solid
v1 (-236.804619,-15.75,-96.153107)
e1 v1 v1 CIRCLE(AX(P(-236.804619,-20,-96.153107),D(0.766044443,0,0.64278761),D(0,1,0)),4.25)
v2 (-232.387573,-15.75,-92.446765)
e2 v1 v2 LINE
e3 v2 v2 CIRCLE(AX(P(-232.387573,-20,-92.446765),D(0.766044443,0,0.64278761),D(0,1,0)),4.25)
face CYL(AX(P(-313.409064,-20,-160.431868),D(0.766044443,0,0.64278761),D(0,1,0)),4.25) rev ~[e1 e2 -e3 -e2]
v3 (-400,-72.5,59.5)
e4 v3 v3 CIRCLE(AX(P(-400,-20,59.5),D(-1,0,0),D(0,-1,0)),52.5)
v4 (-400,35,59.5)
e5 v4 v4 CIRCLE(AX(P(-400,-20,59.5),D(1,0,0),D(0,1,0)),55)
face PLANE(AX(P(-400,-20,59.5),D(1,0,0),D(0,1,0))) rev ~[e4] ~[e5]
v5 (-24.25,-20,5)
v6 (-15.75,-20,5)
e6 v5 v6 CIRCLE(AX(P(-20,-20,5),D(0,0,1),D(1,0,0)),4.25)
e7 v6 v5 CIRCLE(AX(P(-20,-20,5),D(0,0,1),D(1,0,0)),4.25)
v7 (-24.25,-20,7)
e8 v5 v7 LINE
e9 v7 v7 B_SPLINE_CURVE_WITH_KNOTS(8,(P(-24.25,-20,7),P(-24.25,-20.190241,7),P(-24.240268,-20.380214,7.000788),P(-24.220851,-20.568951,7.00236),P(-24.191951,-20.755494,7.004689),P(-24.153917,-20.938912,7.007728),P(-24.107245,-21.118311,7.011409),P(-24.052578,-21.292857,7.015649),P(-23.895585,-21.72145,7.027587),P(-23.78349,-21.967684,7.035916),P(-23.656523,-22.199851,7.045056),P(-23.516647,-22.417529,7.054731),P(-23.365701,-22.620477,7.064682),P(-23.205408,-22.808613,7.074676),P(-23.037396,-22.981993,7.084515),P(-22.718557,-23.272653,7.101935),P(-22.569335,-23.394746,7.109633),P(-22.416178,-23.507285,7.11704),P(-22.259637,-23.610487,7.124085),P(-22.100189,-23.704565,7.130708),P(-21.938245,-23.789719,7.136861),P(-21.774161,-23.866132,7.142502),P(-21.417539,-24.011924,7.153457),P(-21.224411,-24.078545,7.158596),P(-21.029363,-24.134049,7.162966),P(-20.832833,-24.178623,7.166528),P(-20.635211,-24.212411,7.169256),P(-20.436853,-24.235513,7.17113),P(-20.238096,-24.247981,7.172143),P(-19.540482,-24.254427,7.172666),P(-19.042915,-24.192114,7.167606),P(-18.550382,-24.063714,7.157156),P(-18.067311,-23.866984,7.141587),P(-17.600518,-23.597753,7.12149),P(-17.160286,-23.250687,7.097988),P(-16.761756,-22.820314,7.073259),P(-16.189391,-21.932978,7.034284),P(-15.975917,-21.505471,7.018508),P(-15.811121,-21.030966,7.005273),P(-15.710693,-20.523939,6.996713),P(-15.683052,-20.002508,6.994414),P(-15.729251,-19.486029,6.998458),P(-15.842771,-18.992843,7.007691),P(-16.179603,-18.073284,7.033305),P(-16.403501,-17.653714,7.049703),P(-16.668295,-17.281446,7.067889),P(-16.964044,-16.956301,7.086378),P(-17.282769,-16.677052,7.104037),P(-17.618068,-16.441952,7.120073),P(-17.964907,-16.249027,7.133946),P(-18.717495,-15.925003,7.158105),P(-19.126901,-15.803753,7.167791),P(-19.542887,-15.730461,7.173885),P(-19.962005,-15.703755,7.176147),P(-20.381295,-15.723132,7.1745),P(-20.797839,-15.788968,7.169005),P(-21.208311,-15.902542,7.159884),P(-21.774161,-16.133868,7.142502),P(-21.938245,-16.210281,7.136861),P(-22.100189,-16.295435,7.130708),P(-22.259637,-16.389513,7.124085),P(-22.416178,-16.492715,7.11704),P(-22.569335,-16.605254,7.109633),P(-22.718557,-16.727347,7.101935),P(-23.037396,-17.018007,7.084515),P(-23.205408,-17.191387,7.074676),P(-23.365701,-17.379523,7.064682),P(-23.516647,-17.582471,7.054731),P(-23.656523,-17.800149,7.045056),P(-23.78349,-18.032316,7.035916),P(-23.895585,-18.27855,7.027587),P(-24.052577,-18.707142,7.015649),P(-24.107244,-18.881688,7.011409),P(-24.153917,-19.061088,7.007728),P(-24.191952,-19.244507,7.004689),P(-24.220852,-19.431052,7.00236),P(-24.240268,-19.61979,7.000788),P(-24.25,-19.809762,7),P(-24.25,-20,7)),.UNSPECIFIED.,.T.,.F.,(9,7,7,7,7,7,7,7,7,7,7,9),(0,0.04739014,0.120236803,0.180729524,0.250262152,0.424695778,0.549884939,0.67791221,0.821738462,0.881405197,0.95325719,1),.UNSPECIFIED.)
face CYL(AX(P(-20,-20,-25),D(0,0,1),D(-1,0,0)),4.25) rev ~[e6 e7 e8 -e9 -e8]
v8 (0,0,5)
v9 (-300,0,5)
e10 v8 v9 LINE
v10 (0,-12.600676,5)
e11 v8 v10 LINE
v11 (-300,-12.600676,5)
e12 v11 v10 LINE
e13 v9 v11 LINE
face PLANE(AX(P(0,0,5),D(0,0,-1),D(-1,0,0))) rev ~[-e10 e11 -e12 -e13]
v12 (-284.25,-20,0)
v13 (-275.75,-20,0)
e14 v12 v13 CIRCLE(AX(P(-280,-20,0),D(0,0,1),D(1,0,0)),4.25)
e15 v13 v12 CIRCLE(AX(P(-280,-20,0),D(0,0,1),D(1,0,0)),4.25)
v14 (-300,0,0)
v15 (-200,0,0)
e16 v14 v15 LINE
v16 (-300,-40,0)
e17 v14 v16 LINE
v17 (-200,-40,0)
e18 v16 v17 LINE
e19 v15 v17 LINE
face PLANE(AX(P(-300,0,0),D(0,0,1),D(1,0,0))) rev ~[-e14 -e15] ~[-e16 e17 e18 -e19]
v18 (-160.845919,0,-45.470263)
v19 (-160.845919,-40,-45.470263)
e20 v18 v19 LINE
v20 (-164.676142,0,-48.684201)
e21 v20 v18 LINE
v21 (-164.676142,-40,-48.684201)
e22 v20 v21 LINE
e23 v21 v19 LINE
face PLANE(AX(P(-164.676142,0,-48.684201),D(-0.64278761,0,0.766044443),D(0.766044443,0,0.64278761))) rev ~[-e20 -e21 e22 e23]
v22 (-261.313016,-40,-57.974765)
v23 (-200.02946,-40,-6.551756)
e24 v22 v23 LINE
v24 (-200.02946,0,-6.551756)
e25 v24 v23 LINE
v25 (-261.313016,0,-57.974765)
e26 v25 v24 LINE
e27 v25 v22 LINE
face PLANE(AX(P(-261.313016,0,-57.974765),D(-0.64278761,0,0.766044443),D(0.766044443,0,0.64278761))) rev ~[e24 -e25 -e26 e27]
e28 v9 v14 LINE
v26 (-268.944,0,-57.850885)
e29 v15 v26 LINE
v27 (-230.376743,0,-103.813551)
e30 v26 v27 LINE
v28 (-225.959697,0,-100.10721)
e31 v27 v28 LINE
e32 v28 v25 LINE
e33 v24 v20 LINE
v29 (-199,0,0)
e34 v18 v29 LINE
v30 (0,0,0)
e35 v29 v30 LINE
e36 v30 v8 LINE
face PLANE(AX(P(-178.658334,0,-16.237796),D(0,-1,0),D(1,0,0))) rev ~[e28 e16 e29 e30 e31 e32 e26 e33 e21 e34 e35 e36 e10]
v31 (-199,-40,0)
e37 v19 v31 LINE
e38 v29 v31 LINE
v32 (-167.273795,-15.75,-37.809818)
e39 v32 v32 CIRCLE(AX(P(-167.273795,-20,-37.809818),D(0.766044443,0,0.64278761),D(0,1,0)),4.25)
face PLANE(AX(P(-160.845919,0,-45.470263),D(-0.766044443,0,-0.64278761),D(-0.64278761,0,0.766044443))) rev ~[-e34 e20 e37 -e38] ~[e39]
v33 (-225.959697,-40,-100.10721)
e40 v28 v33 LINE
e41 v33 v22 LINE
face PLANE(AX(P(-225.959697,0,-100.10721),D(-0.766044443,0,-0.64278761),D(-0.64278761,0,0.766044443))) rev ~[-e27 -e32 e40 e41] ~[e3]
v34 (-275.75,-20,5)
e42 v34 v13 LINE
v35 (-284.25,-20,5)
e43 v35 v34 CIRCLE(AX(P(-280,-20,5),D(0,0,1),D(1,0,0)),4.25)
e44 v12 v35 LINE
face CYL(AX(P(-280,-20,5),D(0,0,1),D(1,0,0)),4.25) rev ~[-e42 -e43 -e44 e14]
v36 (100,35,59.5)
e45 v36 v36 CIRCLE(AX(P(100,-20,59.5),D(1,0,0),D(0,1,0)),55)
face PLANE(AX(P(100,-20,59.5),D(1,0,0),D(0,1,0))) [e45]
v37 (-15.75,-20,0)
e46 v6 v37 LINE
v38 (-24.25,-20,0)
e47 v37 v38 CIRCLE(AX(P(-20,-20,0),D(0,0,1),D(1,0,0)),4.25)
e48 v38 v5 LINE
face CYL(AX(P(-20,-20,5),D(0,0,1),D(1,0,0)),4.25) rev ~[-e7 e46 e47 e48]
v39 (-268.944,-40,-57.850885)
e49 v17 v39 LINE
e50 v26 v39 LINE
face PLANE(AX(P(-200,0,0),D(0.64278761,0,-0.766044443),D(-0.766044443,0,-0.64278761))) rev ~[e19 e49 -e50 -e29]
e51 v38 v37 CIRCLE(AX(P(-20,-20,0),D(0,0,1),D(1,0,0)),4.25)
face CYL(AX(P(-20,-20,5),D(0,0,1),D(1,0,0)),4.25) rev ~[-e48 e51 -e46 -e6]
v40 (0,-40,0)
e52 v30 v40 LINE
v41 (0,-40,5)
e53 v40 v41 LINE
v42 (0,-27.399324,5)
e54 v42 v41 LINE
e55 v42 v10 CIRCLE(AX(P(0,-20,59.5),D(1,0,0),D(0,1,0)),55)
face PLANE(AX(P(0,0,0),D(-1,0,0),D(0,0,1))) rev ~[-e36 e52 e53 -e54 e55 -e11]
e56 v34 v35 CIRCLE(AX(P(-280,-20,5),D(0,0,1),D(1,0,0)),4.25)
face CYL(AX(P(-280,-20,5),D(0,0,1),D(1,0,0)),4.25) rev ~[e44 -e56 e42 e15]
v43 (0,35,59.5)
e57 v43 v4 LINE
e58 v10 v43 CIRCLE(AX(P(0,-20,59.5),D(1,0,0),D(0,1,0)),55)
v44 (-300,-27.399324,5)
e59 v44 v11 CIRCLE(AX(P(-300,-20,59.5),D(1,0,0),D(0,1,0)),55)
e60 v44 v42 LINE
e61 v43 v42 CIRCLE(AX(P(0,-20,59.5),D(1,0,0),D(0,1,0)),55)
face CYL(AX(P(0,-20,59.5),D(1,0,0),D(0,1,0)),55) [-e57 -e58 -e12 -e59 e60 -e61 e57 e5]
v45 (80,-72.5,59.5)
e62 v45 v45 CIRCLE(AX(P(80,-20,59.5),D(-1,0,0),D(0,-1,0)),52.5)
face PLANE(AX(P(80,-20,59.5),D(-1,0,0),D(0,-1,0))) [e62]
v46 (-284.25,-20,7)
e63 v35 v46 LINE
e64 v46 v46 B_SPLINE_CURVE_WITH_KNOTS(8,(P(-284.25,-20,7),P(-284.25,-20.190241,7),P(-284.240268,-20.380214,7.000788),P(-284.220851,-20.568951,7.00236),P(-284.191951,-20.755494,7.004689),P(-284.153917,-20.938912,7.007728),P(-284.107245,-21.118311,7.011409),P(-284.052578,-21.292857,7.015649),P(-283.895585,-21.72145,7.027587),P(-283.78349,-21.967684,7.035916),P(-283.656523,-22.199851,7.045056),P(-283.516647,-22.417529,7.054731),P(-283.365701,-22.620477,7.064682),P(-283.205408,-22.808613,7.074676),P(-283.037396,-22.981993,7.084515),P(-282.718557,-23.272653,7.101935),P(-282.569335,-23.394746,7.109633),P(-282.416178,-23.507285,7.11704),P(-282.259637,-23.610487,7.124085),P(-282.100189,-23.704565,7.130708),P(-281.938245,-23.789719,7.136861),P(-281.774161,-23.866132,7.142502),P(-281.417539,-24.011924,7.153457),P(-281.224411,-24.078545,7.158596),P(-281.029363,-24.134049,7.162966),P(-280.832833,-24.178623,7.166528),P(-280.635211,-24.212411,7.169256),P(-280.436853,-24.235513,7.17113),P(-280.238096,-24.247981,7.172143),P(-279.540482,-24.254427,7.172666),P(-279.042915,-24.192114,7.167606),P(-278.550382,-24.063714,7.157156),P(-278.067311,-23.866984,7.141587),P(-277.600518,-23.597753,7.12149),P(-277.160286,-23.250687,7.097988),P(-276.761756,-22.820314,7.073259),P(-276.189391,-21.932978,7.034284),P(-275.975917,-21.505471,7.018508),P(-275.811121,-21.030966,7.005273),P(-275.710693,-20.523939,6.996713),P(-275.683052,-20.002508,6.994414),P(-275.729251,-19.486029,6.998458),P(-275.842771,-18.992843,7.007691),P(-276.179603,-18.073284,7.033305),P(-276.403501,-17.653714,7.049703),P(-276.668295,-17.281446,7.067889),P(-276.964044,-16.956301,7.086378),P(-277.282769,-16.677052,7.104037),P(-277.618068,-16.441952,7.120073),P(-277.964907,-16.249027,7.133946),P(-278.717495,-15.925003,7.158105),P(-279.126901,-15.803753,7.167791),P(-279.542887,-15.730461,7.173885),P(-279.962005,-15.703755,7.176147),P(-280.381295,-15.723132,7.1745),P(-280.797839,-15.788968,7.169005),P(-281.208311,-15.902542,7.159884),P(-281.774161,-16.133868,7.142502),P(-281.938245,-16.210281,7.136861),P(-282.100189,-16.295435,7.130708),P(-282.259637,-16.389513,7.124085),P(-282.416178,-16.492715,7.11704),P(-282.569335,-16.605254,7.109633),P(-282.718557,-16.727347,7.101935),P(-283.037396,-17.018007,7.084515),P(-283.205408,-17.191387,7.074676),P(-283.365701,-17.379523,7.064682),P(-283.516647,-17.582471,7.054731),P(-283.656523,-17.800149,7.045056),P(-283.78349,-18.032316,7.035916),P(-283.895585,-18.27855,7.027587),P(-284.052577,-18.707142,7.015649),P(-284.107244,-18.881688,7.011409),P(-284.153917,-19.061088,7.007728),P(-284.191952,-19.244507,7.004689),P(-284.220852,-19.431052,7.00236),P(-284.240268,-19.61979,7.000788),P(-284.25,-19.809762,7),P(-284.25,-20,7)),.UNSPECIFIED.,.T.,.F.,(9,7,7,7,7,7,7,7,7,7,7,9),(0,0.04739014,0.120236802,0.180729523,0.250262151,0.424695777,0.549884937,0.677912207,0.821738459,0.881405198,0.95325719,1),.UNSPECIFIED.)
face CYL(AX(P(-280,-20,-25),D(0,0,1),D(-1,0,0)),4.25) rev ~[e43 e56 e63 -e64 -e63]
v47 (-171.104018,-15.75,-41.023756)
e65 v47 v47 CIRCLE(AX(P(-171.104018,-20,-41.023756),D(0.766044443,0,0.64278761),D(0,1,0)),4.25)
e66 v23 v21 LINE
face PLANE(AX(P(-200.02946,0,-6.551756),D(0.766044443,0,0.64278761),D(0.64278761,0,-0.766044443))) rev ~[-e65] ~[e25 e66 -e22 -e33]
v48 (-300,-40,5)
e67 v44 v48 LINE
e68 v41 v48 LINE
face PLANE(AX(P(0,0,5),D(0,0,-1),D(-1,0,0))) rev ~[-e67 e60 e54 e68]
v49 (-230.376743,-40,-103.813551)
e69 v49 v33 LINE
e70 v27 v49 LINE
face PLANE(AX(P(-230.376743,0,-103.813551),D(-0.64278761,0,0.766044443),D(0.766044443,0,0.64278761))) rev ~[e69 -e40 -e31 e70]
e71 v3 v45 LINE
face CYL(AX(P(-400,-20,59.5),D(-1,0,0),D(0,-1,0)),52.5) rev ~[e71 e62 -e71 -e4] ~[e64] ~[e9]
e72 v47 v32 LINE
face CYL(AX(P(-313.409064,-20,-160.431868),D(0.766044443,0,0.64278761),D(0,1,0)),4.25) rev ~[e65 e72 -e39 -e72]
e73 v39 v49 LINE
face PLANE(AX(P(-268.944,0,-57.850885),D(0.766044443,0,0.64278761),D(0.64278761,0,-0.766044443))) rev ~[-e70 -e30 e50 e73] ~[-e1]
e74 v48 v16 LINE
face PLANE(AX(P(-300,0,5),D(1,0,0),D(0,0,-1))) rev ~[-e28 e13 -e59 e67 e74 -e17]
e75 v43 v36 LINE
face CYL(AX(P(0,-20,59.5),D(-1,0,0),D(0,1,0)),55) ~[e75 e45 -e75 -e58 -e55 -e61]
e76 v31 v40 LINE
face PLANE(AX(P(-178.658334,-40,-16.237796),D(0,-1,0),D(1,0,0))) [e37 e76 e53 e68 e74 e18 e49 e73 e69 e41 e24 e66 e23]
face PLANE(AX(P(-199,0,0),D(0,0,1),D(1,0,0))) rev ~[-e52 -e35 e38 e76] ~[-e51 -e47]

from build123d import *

# Parameters (mm, degrees)
F1_DEPTH      = 40
F4_D          = 8.5
F4_DEPTH      = 100
F4_TIP        = 2.5536576309
F5_R          = 55
F6_DEPTH      = 100
F6_DEPTH_BACK = 400
F7_R          = 52.5
F8_DEPTH      = 480
F9_D          = 8.5
F9_DEPTH      = 30
F9_TIP        = 2.5536576309
F10_D         = 8.5
F10_DEPTH     = 30
F10_TIP       = 2.5536576309


with BuildPart() as f1:
    # F0 (on Front) → F1 (new body)
    with BuildSketch(Plane.XZ):
        Polygon((-199, 0), (0, 0), (0, 5), (-300, 5), (-300, 0), (-200, 0), (-268.9439998807, -57.8508848718), (-230.3767432995, -103.8135514589), (-225.9596969951, -100.107209534), (-261.3130155278, -57.9747651624), (-200.0294600783, -6.5517563875), (-164.6761415456, -48.6842007591), (-160.84591933, -45.4702627106), align=None)
    extrude(amount=F1_DEPTH)

    # F4
    with Locations(Plane(origin=(-186.3088176474, 0, -156.331660173), x_dir=(0, -1, 0), z_dir=(-0.7660444431, 0, -0.6427876097))):
        with Locations((20, 78.5575219373)):
            Hole(F4_D / 2, depth=F4_DEPTH)
            with Locations((0, 0, -(F4_DEPTH + F4_TIP / 2))):  # 118° drill point
                Cone(0, F4_D / 2, F4_TIP, mode=Mode.SUBTRACT)

    # F5 (on Right) → F6 (join, two sides)
    with BuildSketch(Plane.YZ) as f6_sk:
        with Locations((-20, 59.5)):
            Circle(F5_R)
    extrude(amount=F6_DEPTH)
    extrude(f6_sk.sketch, amount=-F6_DEPTH_BACK)

    # F7 (on face) → F8 (cut)
    with BuildSketch(Plane(origin=(-400, 0, 0), x_dir=(0, -1, 0), z_dir=(-1, 0, 0))):
        with Locations((20, 59.5)):
            Circle(F7_R)
    extrude(amount=-F8_DEPTH, mode=Mode.SUBTRACT)

    # F9 (one way)
    with BuildSketch(Plane.XY.offset(5)):
        with Locations((-280, -20), (-20, -20)):
            Circle(F9_D / 2)
    extrude(amount=-F9_DEPTH, mode=Mode.SUBTRACT)
    with Locations(Plane.XY.offset(5)):
        with Locations((-280, -20), (-20, -20)):
            with Locations((0, 0, -(F9_DEPTH + F9_TIP / 2))):  # 118° drill point
                Cone(0, F9_D / 2, F9_TIP, mode=Mode.SUBTRACT)

    # F10
    with Locations(Plane(origin=(0, 0, 5), x_dir=(1, 0, 0), z_dir=(0, 0, -1))):
        with Locations((-280, 20), (-20, 20)):
            Hole(F10_D / 2, depth=F10_DEPTH)
            with Locations((0, 0, -(F10_DEPTH + F10_TIP / 2))):  # 118° drill point
                Cone(0, F10_D / 2, F10_TIP, mode=Mode.SUBTRACT)


solid = f1.part
